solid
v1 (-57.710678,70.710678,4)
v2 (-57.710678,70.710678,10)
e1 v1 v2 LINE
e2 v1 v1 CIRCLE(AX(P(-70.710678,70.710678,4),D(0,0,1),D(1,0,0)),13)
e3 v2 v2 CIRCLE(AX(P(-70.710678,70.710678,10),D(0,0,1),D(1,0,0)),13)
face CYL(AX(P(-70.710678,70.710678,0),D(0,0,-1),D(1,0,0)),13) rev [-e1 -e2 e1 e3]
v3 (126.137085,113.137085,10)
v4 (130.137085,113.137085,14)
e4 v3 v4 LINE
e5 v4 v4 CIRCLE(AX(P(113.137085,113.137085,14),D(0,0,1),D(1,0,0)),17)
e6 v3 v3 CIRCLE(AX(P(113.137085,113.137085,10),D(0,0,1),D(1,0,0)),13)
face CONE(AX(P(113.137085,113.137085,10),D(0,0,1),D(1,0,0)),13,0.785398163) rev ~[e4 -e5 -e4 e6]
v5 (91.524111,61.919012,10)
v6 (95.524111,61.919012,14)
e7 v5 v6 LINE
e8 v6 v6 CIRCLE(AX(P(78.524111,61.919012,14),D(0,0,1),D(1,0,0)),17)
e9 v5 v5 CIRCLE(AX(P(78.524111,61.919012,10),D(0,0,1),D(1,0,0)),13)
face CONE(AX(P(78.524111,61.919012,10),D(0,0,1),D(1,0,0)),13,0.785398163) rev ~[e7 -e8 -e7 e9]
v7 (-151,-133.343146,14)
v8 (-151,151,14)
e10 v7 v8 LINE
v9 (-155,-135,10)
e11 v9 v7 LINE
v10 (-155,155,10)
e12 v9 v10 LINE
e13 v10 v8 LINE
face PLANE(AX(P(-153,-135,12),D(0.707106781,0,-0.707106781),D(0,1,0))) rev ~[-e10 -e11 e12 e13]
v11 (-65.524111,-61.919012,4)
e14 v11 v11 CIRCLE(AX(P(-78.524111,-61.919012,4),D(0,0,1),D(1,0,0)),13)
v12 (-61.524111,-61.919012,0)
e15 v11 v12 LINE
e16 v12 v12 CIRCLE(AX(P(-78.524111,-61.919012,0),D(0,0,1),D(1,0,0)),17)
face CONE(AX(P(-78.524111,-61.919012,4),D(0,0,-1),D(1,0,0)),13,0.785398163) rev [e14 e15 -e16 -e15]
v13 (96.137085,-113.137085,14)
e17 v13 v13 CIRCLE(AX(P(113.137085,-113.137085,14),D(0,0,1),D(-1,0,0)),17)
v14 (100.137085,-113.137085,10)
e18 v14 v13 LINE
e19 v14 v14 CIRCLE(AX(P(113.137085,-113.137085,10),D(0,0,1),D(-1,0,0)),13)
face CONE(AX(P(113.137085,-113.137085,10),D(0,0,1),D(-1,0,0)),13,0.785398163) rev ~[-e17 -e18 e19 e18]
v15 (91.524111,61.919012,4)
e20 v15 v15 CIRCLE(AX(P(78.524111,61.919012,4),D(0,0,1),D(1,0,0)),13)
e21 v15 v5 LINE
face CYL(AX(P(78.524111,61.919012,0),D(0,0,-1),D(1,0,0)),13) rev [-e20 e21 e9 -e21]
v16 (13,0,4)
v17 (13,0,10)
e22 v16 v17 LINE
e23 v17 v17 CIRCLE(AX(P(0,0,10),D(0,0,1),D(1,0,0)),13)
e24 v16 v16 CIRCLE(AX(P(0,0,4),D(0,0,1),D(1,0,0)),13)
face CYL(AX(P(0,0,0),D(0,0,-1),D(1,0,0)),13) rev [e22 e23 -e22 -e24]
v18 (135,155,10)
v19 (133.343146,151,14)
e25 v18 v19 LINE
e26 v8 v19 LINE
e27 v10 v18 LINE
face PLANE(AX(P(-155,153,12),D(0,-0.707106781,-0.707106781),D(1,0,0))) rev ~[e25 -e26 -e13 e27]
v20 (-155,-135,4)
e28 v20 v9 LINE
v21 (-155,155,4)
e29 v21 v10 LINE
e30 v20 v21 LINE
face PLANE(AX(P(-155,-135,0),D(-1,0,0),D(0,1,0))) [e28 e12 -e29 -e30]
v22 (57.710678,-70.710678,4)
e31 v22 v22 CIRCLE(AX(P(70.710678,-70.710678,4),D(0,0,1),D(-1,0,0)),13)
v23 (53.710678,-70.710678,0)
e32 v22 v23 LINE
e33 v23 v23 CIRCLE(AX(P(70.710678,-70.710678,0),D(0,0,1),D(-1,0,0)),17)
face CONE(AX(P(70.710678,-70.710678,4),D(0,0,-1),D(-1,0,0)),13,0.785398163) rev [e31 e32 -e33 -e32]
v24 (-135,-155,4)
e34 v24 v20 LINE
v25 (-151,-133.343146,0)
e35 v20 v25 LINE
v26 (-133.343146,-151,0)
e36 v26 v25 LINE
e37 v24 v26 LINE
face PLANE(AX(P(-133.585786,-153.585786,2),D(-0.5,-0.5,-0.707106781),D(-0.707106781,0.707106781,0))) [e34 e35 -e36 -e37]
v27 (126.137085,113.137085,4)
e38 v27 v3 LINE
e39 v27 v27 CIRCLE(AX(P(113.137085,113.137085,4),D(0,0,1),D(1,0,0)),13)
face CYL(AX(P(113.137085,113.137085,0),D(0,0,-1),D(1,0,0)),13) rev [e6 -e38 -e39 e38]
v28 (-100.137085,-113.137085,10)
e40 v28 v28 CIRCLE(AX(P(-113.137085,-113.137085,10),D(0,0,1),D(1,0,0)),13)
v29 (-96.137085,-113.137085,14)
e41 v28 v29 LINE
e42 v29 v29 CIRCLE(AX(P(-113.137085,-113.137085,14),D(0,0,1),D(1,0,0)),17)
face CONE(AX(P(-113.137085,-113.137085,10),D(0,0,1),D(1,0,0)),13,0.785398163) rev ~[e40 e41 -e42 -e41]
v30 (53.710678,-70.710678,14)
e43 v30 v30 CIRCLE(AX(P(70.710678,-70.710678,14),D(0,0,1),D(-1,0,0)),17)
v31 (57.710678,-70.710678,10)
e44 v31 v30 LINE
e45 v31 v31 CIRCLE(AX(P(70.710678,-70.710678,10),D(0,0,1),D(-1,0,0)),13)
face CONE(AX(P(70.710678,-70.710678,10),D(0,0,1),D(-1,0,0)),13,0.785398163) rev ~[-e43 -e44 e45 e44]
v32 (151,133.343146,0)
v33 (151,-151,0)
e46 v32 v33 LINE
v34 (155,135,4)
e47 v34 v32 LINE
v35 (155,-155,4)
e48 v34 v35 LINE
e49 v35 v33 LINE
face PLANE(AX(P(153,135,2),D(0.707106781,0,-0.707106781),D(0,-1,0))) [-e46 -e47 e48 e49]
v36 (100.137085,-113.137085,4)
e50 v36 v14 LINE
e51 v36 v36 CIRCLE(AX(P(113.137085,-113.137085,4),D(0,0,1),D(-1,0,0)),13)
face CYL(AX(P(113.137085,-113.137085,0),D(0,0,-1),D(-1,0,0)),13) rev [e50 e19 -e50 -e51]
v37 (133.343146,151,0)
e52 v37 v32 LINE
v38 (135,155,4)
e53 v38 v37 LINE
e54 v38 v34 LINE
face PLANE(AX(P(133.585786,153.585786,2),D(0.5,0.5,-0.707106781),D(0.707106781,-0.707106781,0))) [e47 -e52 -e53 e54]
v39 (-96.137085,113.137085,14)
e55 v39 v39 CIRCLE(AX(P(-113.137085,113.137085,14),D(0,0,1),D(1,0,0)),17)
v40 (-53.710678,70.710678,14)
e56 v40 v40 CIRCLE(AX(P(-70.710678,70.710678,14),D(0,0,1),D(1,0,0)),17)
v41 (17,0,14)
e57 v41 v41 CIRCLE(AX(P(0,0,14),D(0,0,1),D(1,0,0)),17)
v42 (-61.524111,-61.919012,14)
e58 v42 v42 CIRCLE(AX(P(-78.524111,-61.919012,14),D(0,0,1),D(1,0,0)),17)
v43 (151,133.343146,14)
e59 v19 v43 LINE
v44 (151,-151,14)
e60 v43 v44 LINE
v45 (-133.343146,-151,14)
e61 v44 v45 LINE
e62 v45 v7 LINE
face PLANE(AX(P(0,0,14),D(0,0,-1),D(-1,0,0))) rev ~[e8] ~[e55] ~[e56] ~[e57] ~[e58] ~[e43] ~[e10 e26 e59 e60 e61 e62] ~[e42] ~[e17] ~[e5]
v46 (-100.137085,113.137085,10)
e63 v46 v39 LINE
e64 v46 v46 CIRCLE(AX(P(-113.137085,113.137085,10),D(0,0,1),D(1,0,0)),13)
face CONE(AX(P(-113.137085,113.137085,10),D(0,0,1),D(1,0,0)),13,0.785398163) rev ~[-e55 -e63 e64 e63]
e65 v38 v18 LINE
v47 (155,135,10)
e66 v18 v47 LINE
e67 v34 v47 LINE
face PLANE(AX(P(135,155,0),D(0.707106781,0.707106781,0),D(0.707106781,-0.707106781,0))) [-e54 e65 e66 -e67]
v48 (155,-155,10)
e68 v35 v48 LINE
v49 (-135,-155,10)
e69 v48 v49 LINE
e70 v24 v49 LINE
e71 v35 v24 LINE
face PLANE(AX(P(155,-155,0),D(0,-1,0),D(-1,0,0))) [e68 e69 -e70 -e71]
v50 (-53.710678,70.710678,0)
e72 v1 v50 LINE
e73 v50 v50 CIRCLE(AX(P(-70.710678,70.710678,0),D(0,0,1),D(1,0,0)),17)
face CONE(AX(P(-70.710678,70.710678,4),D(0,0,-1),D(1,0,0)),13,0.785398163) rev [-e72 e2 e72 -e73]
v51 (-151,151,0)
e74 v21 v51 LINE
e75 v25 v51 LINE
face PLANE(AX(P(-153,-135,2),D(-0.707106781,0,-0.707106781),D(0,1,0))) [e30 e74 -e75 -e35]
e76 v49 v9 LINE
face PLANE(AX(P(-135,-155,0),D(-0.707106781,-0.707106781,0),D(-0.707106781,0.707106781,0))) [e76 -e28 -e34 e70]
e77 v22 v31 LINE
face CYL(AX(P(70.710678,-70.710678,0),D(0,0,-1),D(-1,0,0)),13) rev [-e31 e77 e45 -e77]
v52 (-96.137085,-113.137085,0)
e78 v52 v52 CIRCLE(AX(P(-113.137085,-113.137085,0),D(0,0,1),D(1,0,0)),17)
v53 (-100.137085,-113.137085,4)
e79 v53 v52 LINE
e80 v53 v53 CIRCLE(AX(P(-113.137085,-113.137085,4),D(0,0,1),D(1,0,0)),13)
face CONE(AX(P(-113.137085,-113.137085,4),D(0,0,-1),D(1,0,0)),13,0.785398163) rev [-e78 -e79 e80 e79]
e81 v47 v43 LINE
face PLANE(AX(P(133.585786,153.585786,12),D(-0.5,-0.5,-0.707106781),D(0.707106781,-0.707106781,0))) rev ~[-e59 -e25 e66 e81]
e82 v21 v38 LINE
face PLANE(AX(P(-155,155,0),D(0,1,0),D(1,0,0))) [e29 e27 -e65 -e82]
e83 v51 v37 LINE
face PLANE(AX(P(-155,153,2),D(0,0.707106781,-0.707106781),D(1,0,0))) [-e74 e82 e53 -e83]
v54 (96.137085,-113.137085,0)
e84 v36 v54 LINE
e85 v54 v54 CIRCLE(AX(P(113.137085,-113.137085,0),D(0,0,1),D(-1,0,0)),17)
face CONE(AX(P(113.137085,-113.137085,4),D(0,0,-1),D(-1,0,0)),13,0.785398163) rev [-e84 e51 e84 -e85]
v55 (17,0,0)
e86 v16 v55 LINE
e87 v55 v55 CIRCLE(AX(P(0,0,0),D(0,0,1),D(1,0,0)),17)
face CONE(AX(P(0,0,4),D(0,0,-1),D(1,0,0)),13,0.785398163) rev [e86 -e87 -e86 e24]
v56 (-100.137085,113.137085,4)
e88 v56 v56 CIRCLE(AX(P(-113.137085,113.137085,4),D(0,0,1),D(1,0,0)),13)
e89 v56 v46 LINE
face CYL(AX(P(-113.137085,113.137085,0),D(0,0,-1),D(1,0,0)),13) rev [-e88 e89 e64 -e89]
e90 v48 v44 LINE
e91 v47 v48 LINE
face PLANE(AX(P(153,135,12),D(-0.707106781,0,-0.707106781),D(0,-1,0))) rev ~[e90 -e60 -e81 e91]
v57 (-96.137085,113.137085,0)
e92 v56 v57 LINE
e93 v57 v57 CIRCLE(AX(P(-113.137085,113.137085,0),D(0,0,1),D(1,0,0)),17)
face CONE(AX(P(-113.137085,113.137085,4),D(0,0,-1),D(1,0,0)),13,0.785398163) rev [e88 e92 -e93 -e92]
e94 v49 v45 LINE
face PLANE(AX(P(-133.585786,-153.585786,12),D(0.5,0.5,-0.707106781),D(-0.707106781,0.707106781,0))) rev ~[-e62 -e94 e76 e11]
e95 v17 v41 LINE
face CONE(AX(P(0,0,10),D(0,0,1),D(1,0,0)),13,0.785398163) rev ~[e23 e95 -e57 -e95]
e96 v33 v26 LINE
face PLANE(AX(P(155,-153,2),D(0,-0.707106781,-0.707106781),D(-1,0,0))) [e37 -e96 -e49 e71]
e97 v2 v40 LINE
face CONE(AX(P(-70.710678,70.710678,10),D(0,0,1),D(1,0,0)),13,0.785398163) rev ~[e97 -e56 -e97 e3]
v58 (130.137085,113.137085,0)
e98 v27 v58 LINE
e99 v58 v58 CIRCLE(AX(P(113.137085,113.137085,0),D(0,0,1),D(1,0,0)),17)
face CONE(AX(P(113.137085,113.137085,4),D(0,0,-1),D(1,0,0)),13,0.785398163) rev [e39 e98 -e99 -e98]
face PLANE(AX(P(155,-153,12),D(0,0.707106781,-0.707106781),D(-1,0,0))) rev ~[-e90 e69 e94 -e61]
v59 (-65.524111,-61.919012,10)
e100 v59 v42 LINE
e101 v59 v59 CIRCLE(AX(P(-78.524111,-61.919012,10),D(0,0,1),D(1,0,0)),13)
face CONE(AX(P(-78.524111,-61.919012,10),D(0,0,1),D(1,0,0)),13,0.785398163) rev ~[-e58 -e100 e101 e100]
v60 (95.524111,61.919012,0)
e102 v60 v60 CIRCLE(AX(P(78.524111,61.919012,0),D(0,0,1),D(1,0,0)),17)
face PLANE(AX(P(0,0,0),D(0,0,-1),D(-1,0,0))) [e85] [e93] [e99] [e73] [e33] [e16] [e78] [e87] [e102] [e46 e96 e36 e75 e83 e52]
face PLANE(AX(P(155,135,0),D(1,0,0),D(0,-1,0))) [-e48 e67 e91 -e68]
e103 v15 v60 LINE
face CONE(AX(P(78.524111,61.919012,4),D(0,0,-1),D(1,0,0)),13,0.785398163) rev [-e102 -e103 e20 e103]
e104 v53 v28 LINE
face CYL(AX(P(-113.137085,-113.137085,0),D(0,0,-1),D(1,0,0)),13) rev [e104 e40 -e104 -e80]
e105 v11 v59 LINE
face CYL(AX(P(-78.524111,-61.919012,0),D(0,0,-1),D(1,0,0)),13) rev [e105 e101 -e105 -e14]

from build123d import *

# Parameters (mm, degrees)
SKETCH_1_R         = 13
EXTRUDE_1138_DEPTH = 14
CHAMFER_1_SIZE     = 4


with BuildPart() as part:
    # 草图1 → Extrude 1138 (new body)
    with BuildSketch(Plane.XY):
        Polygon((135, 155), (155, 135), (155, -155), (-135, -155), (-155, -135), (-155, 155), align=None)
        with Locations((-113.13708499, -113.13708499)):
            Circle(SKETCH_1_R, mode=Mode.SUBTRACT)
        with Locations((-78.524110604, -61.919012055)):
            Circle(SKETCH_1_R, mode=Mode.SUBTRACT)
        with Locations((78.524110604, 61.919012055)):
            Circle(SKETCH_1_R, mode=Mode.SUBTRACT)
        with Locations((113.13708499, 113.13708499)):
            Circle(SKETCH_1_R, mode=Mode.SUBTRACT)
        with Locations((-70.710678119, 70.710678119)):
            Circle(SKETCH_1_R, mode=Mode.SUBTRACT)
        with Locations((-113.13708499, 113.13708499)):
            Circle(SKETCH_1_R, mode=Mode.SUBTRACT)
        with Locations(Location((70.710678119, -70.710678119, 0), (0, 0, 180))):
            Circle(SKETCH_1_R, mode=Mode.SUBTRACT)
        with Locations(Location((113.13708499, -113.13708499, 0), (0, 0, 180))):
            Circle(SKETCH_1_R, mode=Mode.SUBTRACT)
        Circle(SKETCH_1_R, mode=Mode.SUBTRACT)
    extrude(amount=EXTRUDE_1138_DEPTH)

    # 倒角1
    chamfer_1_edges = [part.edges().sort_by_distance(p)[0] for p in [
        (10, -155, 14),
        (155, -10, 14),
        (145, 145, 14),
        (-126.13708499, -113.13708499, 0),
        (-126.13708499, -113.13708499, 14),
        (-10, 155, 14),
        (-91.524110604, -61.919012055, 0),
        (-91.524110604, -61.919012055, 14),
        (65.524110604, 61.919012055, 0),
        (65.524110604, 61.919012055, 14),
        (100.13708499, 113.13708499, 0),
        (100.13708499, 113.13708499, 14),
        (-83.710678119, 70.710678119, 0),
        (-83.710678119, 70.710678119, 14),
        (-126.13708499, 113.13708499, 0),
        (-126.13708499, 113.13708499, 14),
        (83.710678119, -70.710678119, 0),
        (83.710678119, -70.710678119, 14),
        (-155, 10, 14),
        (-13, 0, 0),
        (-13, 0, 14),
        (126.13708499, -113.13708499, 0),
        (126.13708499, -113.13708499, 14),
        (-10, 155, 0),
        (145, 145, 0),
        (155, -10, 0),
        (-145, -145, 14),
        (10, -155, 0),
        (-145, -145, 0),
        (-155, 10, 0),
    ]]
    chamfer(chamfer_1_edges, length=CHAMFER_1_SIZE)


solid = part.part
